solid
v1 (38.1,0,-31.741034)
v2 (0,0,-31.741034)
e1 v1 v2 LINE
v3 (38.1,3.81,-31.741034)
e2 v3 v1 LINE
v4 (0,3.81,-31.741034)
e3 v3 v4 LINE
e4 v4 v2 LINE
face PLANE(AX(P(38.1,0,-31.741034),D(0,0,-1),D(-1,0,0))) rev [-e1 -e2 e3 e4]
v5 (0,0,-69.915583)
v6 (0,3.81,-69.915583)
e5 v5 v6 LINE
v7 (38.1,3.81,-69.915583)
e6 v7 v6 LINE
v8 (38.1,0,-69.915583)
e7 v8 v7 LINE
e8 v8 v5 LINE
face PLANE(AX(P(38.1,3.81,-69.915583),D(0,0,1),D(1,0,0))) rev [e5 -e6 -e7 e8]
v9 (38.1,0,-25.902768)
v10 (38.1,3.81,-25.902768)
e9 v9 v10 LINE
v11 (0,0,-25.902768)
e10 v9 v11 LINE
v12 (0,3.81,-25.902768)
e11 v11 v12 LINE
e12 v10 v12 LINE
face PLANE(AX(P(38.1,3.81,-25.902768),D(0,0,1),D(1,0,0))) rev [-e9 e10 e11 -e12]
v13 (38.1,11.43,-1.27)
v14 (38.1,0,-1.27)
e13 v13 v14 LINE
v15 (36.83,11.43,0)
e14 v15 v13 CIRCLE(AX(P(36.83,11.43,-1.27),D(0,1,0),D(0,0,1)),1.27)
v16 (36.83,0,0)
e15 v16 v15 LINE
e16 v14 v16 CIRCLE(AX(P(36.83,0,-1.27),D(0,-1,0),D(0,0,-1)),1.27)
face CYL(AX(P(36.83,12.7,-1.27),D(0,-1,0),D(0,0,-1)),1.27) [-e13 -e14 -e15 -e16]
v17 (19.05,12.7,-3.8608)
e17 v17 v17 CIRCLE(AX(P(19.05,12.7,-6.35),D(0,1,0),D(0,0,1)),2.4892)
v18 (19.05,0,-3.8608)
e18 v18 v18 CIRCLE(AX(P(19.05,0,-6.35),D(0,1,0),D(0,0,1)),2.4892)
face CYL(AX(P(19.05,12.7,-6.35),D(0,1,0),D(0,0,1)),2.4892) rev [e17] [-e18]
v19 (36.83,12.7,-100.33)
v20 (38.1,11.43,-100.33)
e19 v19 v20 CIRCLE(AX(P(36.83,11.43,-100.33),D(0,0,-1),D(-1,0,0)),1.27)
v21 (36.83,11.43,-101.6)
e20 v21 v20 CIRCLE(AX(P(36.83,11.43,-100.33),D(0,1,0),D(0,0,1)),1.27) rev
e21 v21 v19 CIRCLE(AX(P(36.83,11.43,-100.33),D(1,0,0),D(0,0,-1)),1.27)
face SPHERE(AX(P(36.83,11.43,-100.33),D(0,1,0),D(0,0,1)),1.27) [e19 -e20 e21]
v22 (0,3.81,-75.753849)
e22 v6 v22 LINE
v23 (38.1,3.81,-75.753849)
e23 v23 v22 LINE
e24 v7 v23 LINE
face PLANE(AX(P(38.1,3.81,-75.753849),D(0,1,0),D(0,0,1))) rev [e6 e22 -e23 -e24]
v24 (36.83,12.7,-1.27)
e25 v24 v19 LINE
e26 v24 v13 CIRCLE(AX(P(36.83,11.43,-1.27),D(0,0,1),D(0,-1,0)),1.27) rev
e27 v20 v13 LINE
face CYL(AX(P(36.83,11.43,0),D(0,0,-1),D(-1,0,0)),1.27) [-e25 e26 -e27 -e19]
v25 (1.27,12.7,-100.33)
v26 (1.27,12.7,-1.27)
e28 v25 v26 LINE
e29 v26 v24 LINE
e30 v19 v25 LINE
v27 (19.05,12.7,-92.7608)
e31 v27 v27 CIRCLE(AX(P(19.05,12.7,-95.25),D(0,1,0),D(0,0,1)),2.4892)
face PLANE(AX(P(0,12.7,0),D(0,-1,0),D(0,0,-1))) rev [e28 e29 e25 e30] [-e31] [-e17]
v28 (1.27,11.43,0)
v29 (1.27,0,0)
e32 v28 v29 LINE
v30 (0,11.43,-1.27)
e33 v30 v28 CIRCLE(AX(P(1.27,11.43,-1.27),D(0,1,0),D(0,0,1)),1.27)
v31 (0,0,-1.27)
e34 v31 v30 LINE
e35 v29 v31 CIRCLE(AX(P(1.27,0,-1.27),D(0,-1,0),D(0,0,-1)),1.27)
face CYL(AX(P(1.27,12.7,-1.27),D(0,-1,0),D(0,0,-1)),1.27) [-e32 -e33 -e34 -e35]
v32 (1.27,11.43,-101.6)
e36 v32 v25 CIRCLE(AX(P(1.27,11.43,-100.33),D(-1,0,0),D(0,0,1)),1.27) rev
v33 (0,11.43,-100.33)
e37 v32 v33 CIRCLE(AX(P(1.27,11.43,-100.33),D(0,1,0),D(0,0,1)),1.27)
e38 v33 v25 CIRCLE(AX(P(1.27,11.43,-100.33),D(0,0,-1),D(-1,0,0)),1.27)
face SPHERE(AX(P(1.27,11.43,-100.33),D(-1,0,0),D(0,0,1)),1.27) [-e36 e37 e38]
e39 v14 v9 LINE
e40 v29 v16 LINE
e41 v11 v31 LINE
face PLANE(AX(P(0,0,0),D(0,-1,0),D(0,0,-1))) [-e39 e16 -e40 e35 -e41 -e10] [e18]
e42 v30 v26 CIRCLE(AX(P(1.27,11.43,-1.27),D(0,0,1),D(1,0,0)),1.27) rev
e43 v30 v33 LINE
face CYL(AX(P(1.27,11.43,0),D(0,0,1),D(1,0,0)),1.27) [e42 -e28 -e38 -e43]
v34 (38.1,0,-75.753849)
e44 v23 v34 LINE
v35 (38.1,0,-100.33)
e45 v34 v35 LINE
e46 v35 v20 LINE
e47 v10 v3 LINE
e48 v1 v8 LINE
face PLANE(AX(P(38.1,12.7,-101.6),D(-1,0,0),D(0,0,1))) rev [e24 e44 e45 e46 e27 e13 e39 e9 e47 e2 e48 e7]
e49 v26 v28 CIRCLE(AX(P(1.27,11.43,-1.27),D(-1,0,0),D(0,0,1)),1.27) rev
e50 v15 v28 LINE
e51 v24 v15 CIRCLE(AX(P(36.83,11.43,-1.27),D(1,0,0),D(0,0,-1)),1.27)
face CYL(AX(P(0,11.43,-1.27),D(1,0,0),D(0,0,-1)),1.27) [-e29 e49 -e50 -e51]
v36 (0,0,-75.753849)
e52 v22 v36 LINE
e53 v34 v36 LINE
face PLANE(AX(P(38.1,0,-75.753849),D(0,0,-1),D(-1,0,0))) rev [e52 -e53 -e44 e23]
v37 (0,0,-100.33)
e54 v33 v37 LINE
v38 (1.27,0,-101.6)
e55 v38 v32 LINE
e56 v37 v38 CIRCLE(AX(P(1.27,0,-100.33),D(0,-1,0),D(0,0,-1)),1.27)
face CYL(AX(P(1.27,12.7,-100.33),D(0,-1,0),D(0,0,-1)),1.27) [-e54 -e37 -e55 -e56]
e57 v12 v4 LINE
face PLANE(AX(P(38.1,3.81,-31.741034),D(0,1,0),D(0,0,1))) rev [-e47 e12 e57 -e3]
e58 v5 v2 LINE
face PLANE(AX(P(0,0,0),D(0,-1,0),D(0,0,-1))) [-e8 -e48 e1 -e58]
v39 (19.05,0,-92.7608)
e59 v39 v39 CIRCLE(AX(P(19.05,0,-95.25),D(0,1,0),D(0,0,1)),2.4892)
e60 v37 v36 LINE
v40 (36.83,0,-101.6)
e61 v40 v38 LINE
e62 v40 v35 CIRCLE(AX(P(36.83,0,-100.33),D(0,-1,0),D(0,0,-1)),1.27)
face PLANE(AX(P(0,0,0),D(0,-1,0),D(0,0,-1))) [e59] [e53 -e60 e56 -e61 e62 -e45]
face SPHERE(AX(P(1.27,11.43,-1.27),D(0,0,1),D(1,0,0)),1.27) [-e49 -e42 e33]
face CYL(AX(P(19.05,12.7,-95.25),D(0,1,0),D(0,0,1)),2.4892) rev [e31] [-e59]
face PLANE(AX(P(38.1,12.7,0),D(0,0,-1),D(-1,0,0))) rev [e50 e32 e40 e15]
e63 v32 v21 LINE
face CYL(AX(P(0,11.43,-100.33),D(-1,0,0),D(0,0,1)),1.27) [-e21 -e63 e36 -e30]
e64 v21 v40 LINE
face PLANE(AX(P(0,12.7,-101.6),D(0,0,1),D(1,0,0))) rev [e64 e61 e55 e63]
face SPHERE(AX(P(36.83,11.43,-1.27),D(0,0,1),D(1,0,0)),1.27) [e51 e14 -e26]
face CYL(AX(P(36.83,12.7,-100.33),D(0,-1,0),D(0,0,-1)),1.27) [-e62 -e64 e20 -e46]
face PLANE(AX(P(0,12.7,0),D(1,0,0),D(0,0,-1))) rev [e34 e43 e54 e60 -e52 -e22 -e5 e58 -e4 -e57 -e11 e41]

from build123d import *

# Parameters (mm, degrees)
SKETCH1_W                    = 38.1
SKETCH1_H                    = 101.6
BOSS_EXTRUDE1_DEPTH          = 12.7
SKETCH12_W                   = 5.8382662
SKETCH12_H                   = 3.81
CUT_EXTRUDE1_DEPTH           = 110.249530891
FILLET2_R                    = 1.27
F_10_0_1935_DIAMETER_HOLE2_D = 4.9784


with BuildPart() as part:
    # Sketch1 → Boss-Extrude1 (new body)
    with BuildSketch(Plane(origin=(0, 0, 0), x_dir=(1, 0, 0), z_dir=(0, 1, 0))):
        with Locations((19.05, 50.8)):
            Rectangle(SKETCH1_W, SKETCH1_H)
    extrude(amount=BOSS_EXTRUDE1_DEPTH)

    # Sketch12 → Cut-Extrude1 (cut, through all)
    with BuildSketch(Plane.ZY):
        with Locations((-72.8347159, 1.905)):
            Rectangle(SKETCH12_W, SKETCH12_H)
        with Locations((-28.8219007, 1.905)):
            Rectangle(SKETCH12_W, SKETCH12_H)
    extrude(amount=-CUT_EXTRUDE1_DEPTH, mode=Mode.SUBTRACT)

    # Fillet2
    fillet2_edges = [part.edges().sort_by_distance(p)[0] for p in [
        (19.05, 12.7, -101.6),
        (0, 12.7, -50.8),
        (19.05, 12.7, 0),
        (0, 6.35, 0),
        (0, 6.35, -101.6),
        (38.1, 6.35, -101.6),
        (38.1, 6.35, 0),
        (38.1, 12.7, -50.8),
    ]]
    fillet(fillet2_edges, radius=FILLET2_R)

    # #10 (0.1935) Diameter Hole2 (through all)
    with Locations(Plane(origin=(0, 12.7, 0), x_dir=(1, 0, 0), z_dir=(0, 1, 0))):
        with Locations((19.05, 95.25), (19.05, 6.35)):
            Hole(F_10_0_1935_DIAMETER_HOLE2_D / 2)


solid = part.part
